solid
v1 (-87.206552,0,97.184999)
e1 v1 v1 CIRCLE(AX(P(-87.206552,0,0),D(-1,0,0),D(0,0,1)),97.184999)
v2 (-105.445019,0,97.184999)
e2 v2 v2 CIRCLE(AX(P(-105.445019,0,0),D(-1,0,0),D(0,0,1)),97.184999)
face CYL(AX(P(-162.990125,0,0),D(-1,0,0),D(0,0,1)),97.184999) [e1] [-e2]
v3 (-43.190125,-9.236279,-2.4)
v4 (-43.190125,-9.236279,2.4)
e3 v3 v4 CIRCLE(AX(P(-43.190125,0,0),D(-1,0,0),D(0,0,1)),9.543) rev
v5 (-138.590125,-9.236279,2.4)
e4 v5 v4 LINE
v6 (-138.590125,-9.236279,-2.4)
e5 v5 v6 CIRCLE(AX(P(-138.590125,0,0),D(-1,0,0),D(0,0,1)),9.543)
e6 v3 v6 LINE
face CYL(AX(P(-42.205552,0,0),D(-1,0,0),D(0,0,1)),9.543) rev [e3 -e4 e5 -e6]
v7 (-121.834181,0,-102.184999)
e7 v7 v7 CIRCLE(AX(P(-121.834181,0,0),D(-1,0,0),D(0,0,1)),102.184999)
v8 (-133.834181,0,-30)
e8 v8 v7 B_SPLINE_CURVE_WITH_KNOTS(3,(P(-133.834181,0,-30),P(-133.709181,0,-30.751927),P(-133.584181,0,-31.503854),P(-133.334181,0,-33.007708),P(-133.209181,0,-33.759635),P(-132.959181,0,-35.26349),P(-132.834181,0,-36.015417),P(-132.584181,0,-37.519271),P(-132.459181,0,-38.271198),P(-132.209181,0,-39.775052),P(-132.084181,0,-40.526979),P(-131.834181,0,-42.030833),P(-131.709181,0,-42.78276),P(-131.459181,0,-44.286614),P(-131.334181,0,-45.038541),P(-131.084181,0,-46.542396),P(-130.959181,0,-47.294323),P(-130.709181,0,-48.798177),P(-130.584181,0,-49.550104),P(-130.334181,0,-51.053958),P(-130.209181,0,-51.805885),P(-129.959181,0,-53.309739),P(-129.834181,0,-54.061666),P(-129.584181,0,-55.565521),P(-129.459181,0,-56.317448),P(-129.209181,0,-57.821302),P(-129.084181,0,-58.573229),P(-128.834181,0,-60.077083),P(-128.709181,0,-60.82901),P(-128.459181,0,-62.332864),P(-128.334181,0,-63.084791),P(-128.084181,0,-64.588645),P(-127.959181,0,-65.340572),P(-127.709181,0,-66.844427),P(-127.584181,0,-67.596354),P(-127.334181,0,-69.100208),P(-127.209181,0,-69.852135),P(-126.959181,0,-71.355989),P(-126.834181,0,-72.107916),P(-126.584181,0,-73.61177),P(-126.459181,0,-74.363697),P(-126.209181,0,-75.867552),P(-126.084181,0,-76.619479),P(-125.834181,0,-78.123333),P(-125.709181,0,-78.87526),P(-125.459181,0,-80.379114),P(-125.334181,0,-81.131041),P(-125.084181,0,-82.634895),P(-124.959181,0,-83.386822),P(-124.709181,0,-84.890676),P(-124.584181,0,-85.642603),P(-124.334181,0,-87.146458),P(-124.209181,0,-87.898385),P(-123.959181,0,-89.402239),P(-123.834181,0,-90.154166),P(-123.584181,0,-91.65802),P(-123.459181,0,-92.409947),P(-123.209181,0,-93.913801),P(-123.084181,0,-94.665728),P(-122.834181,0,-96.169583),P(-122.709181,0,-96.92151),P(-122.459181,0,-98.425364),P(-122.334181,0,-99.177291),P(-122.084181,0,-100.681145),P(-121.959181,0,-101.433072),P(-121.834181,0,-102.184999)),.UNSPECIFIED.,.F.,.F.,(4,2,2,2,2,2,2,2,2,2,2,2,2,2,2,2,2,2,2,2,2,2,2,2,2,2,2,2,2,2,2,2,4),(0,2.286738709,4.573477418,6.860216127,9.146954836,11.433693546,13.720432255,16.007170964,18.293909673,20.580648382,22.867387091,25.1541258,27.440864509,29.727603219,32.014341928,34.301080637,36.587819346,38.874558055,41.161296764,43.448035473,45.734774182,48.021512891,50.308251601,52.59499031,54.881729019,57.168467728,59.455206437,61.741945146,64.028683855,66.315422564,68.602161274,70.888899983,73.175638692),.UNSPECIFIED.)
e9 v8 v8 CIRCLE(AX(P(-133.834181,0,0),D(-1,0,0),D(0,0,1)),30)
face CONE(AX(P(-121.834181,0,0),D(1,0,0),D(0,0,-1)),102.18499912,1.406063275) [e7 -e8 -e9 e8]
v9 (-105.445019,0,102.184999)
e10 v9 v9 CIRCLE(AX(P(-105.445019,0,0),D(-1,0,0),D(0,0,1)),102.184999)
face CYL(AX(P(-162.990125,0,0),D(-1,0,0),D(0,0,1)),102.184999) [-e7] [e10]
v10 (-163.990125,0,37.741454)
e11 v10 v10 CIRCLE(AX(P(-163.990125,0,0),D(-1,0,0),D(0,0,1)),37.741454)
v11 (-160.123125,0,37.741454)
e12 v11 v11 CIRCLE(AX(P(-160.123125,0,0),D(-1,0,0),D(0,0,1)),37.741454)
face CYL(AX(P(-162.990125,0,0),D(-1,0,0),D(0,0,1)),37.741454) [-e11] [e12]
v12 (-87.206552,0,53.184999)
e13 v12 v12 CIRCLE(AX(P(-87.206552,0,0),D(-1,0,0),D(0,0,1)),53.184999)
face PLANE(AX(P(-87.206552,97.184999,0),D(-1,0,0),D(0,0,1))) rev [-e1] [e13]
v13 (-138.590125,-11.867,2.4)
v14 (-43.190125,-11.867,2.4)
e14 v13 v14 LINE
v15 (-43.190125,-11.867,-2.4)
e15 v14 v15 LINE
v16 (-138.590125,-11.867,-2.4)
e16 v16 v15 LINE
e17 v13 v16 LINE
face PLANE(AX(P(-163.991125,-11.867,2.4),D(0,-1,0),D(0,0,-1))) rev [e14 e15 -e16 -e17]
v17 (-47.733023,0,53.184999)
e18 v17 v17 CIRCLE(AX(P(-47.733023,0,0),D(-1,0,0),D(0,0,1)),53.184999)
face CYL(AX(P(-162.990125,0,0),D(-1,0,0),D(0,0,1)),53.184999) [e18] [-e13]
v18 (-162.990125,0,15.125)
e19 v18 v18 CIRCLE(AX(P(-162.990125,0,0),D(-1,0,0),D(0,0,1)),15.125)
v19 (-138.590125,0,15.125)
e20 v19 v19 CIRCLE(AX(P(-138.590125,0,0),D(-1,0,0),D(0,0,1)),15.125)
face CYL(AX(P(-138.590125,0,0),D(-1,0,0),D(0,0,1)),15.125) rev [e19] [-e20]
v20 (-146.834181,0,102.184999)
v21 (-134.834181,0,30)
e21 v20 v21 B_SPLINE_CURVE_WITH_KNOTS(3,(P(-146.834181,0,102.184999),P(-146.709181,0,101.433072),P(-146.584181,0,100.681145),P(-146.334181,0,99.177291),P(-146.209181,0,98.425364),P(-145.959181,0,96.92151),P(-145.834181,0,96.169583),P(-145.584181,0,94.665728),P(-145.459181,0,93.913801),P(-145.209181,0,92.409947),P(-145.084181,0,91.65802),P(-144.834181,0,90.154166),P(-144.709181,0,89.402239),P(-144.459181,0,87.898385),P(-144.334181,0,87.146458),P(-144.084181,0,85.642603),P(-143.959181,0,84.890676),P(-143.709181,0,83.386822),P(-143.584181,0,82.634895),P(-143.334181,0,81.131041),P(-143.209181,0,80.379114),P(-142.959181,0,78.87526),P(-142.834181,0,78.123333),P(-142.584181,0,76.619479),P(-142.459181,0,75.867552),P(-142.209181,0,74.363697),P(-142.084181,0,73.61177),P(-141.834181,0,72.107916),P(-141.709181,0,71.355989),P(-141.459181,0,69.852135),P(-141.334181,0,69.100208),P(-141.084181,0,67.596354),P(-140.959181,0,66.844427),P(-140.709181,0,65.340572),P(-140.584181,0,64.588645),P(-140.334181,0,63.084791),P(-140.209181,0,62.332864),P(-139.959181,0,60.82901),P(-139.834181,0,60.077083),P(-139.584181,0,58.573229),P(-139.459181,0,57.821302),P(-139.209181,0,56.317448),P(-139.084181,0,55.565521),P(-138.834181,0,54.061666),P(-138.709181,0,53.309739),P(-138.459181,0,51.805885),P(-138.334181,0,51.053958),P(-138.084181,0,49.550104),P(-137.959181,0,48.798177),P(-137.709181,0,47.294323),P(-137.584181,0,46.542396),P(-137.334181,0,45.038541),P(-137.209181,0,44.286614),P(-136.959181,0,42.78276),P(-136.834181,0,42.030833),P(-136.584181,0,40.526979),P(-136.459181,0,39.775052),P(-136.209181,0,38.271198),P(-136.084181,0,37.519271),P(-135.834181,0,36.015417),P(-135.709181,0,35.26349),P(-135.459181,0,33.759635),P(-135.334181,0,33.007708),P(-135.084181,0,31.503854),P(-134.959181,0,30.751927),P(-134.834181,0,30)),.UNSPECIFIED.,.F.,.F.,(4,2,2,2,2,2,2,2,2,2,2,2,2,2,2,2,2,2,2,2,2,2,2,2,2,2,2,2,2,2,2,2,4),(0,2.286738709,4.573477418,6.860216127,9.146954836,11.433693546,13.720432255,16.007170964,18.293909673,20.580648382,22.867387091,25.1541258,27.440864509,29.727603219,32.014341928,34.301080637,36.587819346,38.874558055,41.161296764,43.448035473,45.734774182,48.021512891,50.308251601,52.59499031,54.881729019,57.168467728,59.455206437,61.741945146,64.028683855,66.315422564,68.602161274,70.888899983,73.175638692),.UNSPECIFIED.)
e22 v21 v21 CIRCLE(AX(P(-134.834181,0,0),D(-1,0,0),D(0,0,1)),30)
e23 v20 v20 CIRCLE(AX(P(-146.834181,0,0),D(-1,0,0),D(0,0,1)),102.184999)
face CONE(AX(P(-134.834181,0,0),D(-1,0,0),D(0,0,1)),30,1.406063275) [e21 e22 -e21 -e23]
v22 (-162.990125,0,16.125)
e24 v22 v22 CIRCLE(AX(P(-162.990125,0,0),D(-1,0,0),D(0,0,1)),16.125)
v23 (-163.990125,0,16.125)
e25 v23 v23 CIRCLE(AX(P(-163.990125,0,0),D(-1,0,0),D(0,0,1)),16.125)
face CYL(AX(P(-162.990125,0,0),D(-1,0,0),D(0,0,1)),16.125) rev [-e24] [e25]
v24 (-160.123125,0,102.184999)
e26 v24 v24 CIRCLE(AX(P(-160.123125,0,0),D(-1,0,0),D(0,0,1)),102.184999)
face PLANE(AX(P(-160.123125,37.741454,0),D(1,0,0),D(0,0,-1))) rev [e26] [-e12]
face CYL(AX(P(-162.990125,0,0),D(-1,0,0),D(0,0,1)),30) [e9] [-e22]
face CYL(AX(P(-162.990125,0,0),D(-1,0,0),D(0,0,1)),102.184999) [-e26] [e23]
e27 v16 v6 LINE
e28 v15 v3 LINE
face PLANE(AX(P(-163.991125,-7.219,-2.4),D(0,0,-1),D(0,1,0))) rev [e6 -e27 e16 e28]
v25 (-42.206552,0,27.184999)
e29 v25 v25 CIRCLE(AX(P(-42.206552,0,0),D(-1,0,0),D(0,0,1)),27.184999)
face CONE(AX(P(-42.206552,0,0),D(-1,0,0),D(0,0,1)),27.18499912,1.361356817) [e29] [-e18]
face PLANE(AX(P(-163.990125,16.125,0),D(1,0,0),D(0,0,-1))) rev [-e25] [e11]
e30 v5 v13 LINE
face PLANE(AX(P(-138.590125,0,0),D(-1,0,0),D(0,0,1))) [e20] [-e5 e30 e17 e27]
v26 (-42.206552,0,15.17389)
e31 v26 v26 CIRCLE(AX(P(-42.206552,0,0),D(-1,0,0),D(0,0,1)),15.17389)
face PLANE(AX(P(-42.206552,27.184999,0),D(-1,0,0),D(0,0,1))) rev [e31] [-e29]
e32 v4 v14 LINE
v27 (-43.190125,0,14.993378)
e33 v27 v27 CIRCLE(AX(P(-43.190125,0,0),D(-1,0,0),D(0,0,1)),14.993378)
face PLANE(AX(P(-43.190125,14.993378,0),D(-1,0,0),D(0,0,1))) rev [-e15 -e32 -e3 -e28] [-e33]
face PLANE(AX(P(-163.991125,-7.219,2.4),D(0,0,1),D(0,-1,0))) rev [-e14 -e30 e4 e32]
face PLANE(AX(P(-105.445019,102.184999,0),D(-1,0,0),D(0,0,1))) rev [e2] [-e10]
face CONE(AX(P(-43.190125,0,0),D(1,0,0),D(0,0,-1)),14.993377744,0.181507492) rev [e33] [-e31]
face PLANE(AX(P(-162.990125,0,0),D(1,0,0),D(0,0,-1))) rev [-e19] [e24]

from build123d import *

# Parameters (mm, degrees)
SKETCH2_R          = 15.125
CUT_EXTRUDE5_DEPTH = 24.4
CUT_EXTRUDE6_REACH = 175.705
SKETCH3_R          = 9.543
CUT_EXTRUDE7_REACH = 190.351
SKETCH4_W          = 4.8
SKETCH4_H          = 4.648


with BuildPart() as part:
    # Sketch1 → Revolve1 (revolve)
    with BuildSketch(Plane.XY, mode=Mode.PRIVATE) as revolve1_sk:
        Polygon((-162.990125159, 0), (-162.990125159, 16.125), (-163.990125159, 16.125), (-163.990125159, 37.741454009), (-160.123125159, 37.741454009), (-160.123125159, 102.18499912), (-146.834181255, 102.18499912), (-134.834181255, 30), (-133.834181255, 30), (-121.834181255, 102.18499912), (-105.445019466, 102.18499912), (-105.445019466, 97.18499912), (-87.20655247, 97.18499912), (-87.20655247, 53.18499912), (-47.733023073, 53.18499912), (-42.20655247, 27.18499912), (-42.20655247, 15.17389025), (-43.190125159, 14.993377744), (-43.190125159, 0), align=None)
    revolve(revolve1_sk.sketch.rotate(Axis((-162.990125159, 0, 0), (1, 0, 0)), 90), axis=Axis((-162.990125159, 0, 0), (1, 0, 0)))

    # Sketch2 → Cut-Extrude5 (cut)
    with BuildSketch(Plane.ZY.offset(162.990125159)):
        Circle(SKETCH2_R)
    extrude(amount=-CUT_EXTRUDE5_DEPTH, mode=Mode.SUBTRACT)

    # Sketch3 → Cut-Extrude6 (cut, up to next)
    with BuildSketch(Plane.ZY.offset(138.590125159), mode=Mode.PRIVATE) as cut_extrude6_sk1:
        Circle(SKETCH3_R)
    cut_extrude6_tool1 = extrude(cut_extrude6_sk1.sketch, amount=-CUT_EXTRUDE6_REACH, mode=Mode.PRIVATE) & part.part
    add(cut_extrude6_tool1.solids().sort_by_distance((-138.590125, 0, 0))[0], mode=Mode.SUBTRACT)

    # Sketch4 → Cut-Extrude7 (cut, up to next)
    with BuildSketch(Plane(origin=(-43.190125159, 0, 0), x_dir=(0, 0, -1), z_dir=(1, 0, 0)), mode=Mode.PRIVATE) as cut_extrude7_sk1:
        with Locations((0, -9.543)):
            Rectangle(SKETCH4_W, SKETCH4_H)
    cut_extrude7_tool1 = extrude(cut_extrude7_sk1.sketch, amount=-CUT_EXTRUDE7_REACH, mode=Mode.PRIVATE) & part.part
    add(cut_extrude7_tool1.solids().sort_by_distance((-43.190125, -9.543, 0))[0], mode=Mode.SUBTRACT)


solid = part.part
